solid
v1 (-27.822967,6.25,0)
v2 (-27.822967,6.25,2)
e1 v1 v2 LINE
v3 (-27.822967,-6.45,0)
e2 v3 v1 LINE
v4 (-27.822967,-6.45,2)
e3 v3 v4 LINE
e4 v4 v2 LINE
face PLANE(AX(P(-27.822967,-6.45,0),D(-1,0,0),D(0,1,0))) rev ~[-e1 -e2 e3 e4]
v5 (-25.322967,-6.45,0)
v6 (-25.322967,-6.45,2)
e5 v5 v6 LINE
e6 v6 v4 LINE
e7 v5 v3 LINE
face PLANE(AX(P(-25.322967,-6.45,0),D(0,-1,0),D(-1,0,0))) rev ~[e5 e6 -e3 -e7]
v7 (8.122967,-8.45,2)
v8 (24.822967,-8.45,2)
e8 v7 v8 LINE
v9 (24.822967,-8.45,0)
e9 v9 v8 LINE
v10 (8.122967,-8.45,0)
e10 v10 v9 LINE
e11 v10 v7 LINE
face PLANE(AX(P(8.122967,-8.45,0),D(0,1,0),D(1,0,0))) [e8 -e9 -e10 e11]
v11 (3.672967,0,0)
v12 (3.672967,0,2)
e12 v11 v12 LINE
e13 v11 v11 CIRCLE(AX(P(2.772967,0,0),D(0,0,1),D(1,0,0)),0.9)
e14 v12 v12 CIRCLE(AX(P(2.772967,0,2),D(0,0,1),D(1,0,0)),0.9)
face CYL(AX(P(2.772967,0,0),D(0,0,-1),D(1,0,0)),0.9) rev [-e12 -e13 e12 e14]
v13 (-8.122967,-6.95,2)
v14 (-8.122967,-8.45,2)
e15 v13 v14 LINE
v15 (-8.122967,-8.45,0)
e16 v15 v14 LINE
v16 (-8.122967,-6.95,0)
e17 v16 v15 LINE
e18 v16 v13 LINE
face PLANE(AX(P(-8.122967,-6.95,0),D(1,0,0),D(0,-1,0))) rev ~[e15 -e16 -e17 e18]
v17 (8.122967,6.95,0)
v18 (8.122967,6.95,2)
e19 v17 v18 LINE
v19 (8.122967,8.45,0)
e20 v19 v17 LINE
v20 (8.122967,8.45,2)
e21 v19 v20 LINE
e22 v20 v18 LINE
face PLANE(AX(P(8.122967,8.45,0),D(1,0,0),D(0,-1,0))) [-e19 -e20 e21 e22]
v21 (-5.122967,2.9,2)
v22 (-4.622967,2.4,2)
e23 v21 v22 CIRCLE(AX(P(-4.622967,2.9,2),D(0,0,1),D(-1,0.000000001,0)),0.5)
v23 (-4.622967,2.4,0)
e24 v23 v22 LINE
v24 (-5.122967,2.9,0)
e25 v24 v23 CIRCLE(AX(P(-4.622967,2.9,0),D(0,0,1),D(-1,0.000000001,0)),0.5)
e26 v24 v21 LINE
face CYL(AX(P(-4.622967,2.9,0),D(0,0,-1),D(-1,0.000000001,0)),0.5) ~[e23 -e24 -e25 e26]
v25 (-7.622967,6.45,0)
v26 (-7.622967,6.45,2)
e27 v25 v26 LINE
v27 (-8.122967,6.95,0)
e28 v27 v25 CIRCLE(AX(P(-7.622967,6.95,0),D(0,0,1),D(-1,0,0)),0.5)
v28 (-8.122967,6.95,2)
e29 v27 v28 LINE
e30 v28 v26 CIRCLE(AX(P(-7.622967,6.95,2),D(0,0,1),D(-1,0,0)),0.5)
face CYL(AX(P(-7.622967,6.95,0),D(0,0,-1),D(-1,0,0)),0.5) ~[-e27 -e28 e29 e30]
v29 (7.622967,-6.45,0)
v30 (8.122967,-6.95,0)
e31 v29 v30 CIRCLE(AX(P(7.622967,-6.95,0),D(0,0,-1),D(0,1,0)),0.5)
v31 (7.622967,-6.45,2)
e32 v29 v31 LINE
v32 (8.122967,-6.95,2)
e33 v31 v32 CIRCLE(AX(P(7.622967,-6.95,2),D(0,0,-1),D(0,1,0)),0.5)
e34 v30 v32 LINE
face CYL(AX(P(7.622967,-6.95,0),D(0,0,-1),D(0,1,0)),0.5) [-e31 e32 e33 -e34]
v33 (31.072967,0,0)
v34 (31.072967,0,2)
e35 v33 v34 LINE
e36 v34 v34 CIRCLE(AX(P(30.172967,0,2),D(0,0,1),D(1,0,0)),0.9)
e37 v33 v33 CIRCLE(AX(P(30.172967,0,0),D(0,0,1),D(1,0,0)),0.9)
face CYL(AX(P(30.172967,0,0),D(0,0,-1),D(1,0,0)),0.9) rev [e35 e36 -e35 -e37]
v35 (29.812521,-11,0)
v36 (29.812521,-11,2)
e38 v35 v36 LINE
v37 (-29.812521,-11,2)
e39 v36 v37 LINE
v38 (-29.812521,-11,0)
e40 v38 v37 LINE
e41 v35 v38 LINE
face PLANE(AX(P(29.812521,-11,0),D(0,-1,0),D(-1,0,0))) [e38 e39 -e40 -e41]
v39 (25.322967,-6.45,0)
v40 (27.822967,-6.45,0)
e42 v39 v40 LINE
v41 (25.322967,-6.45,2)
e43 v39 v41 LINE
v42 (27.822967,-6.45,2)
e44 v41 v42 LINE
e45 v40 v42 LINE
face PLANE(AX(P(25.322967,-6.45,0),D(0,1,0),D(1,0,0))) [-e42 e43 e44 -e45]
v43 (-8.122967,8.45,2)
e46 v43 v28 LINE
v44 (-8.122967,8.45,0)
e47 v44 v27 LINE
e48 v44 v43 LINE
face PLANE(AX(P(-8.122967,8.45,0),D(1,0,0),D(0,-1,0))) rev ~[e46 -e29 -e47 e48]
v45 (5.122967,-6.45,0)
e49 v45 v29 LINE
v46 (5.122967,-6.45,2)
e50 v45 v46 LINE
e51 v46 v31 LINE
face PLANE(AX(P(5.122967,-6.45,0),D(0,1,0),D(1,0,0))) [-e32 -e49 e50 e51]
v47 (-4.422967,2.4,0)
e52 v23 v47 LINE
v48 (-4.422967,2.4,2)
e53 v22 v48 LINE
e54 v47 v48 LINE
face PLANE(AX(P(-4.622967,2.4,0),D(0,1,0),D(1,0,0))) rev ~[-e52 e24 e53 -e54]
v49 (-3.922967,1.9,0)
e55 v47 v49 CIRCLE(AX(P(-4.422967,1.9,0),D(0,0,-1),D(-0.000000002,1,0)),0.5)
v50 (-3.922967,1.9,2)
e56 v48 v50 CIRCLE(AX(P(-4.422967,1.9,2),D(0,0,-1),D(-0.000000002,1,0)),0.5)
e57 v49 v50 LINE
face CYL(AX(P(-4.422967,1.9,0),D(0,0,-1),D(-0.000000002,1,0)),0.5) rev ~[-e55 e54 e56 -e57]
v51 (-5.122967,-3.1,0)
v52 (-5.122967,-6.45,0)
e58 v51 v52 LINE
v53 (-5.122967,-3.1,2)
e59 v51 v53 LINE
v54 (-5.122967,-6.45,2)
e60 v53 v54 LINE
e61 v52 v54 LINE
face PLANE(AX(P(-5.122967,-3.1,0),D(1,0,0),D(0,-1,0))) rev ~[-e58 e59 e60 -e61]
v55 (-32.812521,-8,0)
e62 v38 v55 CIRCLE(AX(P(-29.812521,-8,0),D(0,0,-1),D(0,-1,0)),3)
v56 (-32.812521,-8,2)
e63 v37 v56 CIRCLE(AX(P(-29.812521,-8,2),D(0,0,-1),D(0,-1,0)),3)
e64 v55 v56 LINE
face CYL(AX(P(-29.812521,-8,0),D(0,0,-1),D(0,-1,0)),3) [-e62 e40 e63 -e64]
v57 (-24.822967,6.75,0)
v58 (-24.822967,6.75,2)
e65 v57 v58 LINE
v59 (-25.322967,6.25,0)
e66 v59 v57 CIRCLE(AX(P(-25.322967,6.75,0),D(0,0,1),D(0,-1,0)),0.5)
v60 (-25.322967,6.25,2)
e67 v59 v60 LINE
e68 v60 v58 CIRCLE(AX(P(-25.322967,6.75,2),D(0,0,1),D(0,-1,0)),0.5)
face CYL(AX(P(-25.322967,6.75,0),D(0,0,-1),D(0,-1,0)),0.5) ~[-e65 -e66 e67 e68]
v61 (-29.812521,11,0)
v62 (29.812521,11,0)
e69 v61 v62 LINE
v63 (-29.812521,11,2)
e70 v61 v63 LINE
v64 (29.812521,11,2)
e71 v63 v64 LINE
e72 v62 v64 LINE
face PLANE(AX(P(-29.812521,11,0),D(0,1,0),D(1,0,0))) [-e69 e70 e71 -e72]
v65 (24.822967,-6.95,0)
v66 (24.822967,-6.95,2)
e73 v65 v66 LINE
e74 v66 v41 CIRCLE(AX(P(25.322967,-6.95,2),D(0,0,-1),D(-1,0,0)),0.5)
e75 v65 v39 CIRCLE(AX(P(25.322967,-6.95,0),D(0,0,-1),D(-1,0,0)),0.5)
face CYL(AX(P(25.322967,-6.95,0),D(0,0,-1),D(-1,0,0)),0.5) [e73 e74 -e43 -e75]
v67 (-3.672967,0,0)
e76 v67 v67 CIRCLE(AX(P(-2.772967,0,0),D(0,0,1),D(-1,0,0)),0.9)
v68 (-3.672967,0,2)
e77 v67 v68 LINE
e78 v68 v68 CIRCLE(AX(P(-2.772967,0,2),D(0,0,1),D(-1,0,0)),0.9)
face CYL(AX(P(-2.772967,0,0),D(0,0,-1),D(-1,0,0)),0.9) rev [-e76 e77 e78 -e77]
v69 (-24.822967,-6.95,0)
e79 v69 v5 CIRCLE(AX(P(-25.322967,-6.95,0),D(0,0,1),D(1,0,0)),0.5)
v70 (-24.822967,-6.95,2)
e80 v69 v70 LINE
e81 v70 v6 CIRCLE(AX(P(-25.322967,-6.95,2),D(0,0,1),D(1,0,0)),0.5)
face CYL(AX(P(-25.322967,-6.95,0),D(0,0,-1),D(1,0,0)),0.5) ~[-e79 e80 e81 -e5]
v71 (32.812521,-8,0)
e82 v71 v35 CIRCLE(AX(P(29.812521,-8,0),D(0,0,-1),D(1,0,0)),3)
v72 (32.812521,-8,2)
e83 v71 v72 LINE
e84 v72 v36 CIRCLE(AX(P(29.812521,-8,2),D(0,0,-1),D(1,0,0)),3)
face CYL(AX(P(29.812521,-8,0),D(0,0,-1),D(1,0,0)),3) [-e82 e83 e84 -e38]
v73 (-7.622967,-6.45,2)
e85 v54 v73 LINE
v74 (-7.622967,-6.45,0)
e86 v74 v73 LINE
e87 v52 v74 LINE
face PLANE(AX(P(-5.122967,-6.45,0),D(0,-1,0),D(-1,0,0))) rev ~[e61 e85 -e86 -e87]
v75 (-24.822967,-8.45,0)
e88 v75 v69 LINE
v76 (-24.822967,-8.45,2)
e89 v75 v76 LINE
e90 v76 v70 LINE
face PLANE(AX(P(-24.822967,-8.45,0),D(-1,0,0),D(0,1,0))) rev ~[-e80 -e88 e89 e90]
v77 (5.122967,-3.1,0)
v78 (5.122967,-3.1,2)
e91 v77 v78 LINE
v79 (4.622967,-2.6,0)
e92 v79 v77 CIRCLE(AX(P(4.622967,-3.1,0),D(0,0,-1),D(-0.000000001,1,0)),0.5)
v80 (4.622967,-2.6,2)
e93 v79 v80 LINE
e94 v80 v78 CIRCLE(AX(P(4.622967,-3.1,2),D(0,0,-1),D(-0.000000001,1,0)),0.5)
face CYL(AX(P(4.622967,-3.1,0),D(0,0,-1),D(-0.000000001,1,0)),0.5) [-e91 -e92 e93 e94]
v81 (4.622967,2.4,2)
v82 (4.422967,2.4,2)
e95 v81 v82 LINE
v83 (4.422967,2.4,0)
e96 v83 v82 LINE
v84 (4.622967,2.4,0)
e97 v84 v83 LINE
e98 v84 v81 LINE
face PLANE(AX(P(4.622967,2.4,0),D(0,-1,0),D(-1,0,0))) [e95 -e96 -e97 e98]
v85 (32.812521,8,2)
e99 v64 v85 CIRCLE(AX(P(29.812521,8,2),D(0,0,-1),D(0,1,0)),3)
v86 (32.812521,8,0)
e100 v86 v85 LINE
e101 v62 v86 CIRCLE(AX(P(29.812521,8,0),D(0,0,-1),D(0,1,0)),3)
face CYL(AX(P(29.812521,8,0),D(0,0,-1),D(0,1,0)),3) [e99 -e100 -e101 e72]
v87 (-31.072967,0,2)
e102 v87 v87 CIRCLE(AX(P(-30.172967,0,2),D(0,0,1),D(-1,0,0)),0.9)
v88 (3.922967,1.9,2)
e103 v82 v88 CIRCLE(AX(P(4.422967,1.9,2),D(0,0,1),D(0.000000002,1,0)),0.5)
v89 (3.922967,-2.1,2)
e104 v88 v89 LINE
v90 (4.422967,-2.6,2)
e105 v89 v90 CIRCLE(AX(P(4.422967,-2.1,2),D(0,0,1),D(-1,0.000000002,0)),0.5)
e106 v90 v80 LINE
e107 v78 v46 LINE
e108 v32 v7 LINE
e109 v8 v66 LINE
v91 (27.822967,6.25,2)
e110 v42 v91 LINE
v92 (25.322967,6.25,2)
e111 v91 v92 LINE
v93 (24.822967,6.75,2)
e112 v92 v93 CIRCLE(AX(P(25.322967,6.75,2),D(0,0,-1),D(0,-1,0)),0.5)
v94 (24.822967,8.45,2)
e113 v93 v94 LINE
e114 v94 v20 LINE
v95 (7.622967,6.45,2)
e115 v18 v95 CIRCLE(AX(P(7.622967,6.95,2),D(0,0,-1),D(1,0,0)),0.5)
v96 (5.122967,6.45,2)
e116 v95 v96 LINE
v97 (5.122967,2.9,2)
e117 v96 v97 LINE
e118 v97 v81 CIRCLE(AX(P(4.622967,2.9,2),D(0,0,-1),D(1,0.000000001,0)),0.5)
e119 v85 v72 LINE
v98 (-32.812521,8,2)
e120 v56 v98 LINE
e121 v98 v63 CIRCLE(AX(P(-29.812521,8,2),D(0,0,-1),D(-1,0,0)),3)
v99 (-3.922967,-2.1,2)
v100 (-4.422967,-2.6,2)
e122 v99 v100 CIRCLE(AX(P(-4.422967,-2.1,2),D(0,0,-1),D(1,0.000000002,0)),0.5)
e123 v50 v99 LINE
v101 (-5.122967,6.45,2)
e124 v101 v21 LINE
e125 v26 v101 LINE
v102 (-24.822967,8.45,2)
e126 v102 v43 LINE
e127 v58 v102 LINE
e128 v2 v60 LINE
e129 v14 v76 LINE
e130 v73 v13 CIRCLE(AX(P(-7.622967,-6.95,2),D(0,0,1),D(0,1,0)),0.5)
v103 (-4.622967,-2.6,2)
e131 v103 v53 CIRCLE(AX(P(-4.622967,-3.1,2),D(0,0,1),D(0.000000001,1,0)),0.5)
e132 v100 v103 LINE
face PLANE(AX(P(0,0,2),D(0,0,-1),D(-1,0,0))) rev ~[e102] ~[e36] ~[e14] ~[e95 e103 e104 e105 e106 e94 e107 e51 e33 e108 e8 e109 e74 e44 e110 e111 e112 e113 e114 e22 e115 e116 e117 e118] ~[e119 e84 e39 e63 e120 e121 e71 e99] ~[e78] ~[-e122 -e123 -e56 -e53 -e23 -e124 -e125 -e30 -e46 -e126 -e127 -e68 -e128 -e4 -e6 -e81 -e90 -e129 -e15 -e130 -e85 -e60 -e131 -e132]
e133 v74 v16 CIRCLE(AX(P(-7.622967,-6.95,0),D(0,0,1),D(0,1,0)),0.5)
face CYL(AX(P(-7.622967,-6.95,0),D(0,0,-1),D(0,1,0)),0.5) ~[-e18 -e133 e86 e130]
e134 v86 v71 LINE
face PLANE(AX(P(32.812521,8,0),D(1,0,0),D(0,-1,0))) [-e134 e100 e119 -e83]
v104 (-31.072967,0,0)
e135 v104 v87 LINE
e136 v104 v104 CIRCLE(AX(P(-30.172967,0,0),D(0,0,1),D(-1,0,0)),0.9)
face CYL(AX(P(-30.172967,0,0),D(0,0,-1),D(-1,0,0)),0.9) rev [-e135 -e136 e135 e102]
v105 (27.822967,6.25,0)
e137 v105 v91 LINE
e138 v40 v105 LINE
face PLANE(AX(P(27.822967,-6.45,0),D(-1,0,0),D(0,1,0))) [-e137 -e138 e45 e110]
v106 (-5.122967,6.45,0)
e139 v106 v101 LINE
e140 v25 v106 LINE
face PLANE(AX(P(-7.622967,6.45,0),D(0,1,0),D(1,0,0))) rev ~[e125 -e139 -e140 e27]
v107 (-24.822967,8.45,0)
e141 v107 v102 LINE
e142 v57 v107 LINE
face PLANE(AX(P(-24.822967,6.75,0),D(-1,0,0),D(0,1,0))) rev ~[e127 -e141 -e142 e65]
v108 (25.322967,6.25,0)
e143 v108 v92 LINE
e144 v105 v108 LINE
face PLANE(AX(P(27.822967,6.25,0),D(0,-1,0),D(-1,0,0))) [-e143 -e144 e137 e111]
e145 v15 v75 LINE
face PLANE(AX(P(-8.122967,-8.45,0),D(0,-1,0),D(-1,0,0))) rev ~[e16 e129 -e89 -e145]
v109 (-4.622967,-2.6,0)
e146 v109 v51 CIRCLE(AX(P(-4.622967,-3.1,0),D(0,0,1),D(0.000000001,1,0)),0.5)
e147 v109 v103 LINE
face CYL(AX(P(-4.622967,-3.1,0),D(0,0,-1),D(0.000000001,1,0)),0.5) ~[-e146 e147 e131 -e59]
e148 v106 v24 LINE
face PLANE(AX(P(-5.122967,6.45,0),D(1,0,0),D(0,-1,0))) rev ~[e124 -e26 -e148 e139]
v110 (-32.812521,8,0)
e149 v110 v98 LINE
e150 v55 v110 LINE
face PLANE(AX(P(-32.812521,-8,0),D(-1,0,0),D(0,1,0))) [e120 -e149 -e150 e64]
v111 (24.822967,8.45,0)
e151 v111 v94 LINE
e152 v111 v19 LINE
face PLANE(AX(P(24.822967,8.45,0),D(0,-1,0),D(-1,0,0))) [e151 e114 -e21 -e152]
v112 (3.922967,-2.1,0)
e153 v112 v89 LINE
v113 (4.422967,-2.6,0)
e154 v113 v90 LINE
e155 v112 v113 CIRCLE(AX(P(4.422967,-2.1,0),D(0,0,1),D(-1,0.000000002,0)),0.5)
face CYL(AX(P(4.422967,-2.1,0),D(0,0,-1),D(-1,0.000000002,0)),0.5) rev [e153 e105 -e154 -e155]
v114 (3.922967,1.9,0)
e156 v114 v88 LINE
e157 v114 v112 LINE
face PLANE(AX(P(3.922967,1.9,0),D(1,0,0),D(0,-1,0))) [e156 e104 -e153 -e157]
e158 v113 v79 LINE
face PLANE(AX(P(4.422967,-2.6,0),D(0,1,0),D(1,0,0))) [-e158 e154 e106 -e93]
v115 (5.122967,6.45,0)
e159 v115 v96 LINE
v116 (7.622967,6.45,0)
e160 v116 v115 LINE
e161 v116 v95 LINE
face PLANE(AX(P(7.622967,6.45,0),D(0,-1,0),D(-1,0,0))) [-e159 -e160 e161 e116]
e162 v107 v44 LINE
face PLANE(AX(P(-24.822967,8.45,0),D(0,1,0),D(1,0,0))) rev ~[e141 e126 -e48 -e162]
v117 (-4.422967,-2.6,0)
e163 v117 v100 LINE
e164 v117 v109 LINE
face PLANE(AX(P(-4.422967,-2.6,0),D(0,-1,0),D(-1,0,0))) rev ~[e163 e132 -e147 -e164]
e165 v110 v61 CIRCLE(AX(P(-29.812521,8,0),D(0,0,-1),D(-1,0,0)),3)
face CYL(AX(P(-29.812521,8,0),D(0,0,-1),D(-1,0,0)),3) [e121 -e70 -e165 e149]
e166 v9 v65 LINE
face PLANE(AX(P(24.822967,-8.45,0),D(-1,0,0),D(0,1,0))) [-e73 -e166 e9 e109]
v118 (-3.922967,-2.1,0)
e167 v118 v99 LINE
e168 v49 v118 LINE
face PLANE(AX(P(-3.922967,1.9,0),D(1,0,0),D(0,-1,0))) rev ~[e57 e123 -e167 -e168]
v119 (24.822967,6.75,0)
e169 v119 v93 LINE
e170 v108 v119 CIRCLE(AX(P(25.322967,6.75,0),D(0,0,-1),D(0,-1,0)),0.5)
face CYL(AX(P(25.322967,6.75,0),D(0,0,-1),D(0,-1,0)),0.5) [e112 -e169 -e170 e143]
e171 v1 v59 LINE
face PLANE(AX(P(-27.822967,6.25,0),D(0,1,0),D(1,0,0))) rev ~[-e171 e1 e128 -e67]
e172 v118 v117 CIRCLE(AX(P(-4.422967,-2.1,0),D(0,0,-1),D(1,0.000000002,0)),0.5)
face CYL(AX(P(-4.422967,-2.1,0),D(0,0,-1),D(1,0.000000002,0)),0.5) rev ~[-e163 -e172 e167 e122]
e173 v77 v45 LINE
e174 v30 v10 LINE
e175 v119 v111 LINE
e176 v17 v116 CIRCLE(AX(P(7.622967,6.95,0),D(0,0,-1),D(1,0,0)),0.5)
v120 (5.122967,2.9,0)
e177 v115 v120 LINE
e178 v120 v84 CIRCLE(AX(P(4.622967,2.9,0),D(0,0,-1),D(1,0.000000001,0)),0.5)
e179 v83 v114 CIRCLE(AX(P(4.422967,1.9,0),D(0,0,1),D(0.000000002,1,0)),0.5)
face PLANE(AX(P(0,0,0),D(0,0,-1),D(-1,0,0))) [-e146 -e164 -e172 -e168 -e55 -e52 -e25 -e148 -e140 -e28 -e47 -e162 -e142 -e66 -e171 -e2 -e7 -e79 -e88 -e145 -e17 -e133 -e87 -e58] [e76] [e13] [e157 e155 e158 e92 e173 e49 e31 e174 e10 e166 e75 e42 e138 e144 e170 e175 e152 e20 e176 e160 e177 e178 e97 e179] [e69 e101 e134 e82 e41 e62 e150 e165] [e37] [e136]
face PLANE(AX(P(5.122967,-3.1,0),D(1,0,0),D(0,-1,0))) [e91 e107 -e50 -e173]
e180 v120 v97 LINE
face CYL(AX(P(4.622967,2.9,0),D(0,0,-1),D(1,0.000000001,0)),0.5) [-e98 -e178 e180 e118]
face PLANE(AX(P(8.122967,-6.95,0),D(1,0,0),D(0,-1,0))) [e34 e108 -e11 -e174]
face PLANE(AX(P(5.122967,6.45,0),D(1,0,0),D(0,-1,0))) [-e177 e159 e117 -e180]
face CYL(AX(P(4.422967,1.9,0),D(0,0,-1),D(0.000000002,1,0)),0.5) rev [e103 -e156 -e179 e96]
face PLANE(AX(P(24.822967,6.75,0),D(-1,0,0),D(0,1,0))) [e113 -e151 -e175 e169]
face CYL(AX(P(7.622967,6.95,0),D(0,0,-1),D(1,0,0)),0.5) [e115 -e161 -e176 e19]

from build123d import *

# Parameters (mm, degrees)
SKETCH_1_R      = 0.9
EXTRUDE_1_DEPTH = 2


with BuildPart() as part:
    # 草图1 → 凸台-拉伸1 (new body)
    with BuildSketch(Plane.XY):
        with BuildLine():
            Line((-29.812520549, 11), (29.812520549, 11))
            ThreePointArc((29.812520549, 11), (31.933840892, 10.121320344), (32.812520549, 8))
            Line((32.812520549, 8), (32.812520549, -8))
            ThreePointArc((32.812520549, -8), (31.933840892, -10.121320344), (29.812520549, -11))
            Line((29.812520549, -11), (-29.812520549, -11))
            ThreePointArc((-29.812520549, -11), (-31.933840892, -10.121320344), (-32.812520549, -8))
            Line((-32.812520549, -8), (-32.812520549, 8))
            ThreePointArc((-32.812520549, 8), (-31.933840892, 10.121320344), (-29.812520549, 11))
        make_face()
        with Locations((2.772967143, 0)):
            Circle(SKETCH_1_R, mode=Mode.SUBTRACT)
        with Locations((30.172967143, 0)):
            Circle(SKETCH_1_R, mode=Mode.SUBTRACT)
        with Locations(Location((-30.172967143, 0, 0), (0, 0, 180))):
            Circle(SKETCH_1_R, mode=Mode.SUBTRACT)
        with Locations(Location((-2.772967143, 0, 0), (0, 0, 180))):
            Circle(SKETCH_1_R, mode=Mode.SUBTRACT)
        with BuildLine():
            Line((4.622967163, 2.40000001), (4.422967163, 2.40000001))
            ThreePointArc((4.422967163, 2.40000001), (4.069413775, 2.253553402), (3.922967167, 1.900000014))
            Line((3.922967167, 1.900000014), (3.922967167, -2.099999986))
            ThreePointArc((3.922967167, -2.099999986), (4.069413775, -2.453553374), (4.422967163, -2.599999982))
            Line((4.422967163, -2.599999982), (4.622967163, -2.599999982))
            ThreePointArc((4.622967163, -2.599999982), (4.976520556, -2.746446592), (5.122967167, -3.099999986))
            Line((5.122967167, -3.099999986), (5.122967167, -6.449999996))
            Line((5.122967167, -6.449999996), (7.622967155, -6.449999996))
            ThreePointArc((7.622967155, -6.449999996), (7.976520542, -6.596446604), (8.12296715, -6.949999991))
            Line((8.12296715, -6.949999991), (8.12296715, -8.45))
            Line((8.12296715, -8.45), (24.822967148, -8.45))
            Line((24.822967148, -8.45), (24.822967148, -6.949999996))
            ThreePointArc((24.822967148, -6.949999996), (24.969413756, -6.596446609), (25.322967143, -6.450000001))
            Line((25.322967143, -6.450000001), (27.822967124, -6.450000001))
            Line((27.822967124, -6.450000001), (27.822967124, 6.250000022))
            Line((27.822967124, 6.250000022), (25.322967143, 6.250000022))
            ThreePointArc((25.322967143, 6.250000022), (24.969413756, 6.39644663), (24.822967148, 6.750000017))
            Line((24.822967148, 6.750000017), (24.822967148, 8.45))
            Line((24.822967148, 8.45), (8.122967152, 8.45))
            Line((8.122967152, 8.45), (8.122967152, 6.949999996))
            ThreePointArc((8.122967152, 6.949999996), (7.976520544, 6.596446609), (7.622967157, 6.450000001))
            Line((7.622967157, 6.450000001), (5.122967167, 6.450000001))
            Line((5.122967167, 6.450000001), (5.122967167, 2.900000014))
            ThreePointArc((5.122967167, 2.900000014), (4.976520556, 2.54644662), (4.622967163, 2.40000001))
        make_face(mode=Mode.SUBTRACT)
        with BuildLine():
            Line((-3.922967167, 1.900000014), (-3.922967167, -2.099999986))
            ThreePointArc((-3.922967167, -2.099999986), (-4.069413775, -2.453553374), (-4.422967163, -2.599999982))
            Line((-4.422967163, -2.599999982), (-4.622967163, -2.599999982))
            ThreePointArc((-4.622967163, -2.599999982), (-4.976520556, -2.746446592), (-5.122967167, -3.099999986))
            Line((-5.122967167, -3.099999986), (-5.122967167, -6.449999996))
            Line((-5.122967167, -6.449999996), (-7.622967155, -6.449999996))
            ThreePointArc((-7.622967155, -6.449999996), (-7.976520542, -6.596446604), (-8.12296715, -6.949999991))
            Line((-8.12296715, -6.949999991), (-8.12296715, -8.45))
            Line((-8.12296715, -8.45), (-24.822967148, -8.45))
            Line((-24.822967148, -8.45), (-24.822967148, -6.949999996))
            ThreePointArc((-24.822967148, -6.949999996), (-24.969413756, -6.596446609), (-25.322967143, -6.450000001))
            Line((-25.322967143, -6.450000001), (-27.822967124, -6.450000001))
            Line((-27.822967124, -6.450000001), (-27.822967124, 6.250000022))
            Line((-27.822967124, 6.250000022), (-25.322967143, 6.250000022))
            ThreePointArc((-25.322967143, 6.250000022), (-24.969413756, 6.39644663), (-24.822967148, 6.750000017))
            Line((-24.822967148, 6.750000017), (-24.822967148, 8.45))
            Line((-24.822967148, 8.45), (-8.122967152, 8.45))
            Line((-8.122967152, 8.45), (-8.122967152, 6.949999996))
            ThreePointArc((-8.122967152, 6.949999996), (-7.976520544, 6.596446609), (-7.622967157, 6.450000001))
            Line((-7.622967157, 6.450000001), (-5.122967167, 6.450000001))
            Line((-5.122967167, 6.450000001), (-5.122967167, 2.900000014))
            ThreePointArc((-5.122967167, 2.900000014), (-4.976520556, 2.54644662), (-4.622967163, 2.40000001))
            Line((-4.622967163, 2.40000001), (-4.422967163, 2.40000001))
            ThreePointArc((-4.422967163, 2.40000001), (-4.069413775, 2.253553402), (-3.922967167, 1.900000014))
        make_face(mode=Mode.SUBTRACT)
    extrude(amount=EXTRUDE_1_DEPTH)


solid = part.part
